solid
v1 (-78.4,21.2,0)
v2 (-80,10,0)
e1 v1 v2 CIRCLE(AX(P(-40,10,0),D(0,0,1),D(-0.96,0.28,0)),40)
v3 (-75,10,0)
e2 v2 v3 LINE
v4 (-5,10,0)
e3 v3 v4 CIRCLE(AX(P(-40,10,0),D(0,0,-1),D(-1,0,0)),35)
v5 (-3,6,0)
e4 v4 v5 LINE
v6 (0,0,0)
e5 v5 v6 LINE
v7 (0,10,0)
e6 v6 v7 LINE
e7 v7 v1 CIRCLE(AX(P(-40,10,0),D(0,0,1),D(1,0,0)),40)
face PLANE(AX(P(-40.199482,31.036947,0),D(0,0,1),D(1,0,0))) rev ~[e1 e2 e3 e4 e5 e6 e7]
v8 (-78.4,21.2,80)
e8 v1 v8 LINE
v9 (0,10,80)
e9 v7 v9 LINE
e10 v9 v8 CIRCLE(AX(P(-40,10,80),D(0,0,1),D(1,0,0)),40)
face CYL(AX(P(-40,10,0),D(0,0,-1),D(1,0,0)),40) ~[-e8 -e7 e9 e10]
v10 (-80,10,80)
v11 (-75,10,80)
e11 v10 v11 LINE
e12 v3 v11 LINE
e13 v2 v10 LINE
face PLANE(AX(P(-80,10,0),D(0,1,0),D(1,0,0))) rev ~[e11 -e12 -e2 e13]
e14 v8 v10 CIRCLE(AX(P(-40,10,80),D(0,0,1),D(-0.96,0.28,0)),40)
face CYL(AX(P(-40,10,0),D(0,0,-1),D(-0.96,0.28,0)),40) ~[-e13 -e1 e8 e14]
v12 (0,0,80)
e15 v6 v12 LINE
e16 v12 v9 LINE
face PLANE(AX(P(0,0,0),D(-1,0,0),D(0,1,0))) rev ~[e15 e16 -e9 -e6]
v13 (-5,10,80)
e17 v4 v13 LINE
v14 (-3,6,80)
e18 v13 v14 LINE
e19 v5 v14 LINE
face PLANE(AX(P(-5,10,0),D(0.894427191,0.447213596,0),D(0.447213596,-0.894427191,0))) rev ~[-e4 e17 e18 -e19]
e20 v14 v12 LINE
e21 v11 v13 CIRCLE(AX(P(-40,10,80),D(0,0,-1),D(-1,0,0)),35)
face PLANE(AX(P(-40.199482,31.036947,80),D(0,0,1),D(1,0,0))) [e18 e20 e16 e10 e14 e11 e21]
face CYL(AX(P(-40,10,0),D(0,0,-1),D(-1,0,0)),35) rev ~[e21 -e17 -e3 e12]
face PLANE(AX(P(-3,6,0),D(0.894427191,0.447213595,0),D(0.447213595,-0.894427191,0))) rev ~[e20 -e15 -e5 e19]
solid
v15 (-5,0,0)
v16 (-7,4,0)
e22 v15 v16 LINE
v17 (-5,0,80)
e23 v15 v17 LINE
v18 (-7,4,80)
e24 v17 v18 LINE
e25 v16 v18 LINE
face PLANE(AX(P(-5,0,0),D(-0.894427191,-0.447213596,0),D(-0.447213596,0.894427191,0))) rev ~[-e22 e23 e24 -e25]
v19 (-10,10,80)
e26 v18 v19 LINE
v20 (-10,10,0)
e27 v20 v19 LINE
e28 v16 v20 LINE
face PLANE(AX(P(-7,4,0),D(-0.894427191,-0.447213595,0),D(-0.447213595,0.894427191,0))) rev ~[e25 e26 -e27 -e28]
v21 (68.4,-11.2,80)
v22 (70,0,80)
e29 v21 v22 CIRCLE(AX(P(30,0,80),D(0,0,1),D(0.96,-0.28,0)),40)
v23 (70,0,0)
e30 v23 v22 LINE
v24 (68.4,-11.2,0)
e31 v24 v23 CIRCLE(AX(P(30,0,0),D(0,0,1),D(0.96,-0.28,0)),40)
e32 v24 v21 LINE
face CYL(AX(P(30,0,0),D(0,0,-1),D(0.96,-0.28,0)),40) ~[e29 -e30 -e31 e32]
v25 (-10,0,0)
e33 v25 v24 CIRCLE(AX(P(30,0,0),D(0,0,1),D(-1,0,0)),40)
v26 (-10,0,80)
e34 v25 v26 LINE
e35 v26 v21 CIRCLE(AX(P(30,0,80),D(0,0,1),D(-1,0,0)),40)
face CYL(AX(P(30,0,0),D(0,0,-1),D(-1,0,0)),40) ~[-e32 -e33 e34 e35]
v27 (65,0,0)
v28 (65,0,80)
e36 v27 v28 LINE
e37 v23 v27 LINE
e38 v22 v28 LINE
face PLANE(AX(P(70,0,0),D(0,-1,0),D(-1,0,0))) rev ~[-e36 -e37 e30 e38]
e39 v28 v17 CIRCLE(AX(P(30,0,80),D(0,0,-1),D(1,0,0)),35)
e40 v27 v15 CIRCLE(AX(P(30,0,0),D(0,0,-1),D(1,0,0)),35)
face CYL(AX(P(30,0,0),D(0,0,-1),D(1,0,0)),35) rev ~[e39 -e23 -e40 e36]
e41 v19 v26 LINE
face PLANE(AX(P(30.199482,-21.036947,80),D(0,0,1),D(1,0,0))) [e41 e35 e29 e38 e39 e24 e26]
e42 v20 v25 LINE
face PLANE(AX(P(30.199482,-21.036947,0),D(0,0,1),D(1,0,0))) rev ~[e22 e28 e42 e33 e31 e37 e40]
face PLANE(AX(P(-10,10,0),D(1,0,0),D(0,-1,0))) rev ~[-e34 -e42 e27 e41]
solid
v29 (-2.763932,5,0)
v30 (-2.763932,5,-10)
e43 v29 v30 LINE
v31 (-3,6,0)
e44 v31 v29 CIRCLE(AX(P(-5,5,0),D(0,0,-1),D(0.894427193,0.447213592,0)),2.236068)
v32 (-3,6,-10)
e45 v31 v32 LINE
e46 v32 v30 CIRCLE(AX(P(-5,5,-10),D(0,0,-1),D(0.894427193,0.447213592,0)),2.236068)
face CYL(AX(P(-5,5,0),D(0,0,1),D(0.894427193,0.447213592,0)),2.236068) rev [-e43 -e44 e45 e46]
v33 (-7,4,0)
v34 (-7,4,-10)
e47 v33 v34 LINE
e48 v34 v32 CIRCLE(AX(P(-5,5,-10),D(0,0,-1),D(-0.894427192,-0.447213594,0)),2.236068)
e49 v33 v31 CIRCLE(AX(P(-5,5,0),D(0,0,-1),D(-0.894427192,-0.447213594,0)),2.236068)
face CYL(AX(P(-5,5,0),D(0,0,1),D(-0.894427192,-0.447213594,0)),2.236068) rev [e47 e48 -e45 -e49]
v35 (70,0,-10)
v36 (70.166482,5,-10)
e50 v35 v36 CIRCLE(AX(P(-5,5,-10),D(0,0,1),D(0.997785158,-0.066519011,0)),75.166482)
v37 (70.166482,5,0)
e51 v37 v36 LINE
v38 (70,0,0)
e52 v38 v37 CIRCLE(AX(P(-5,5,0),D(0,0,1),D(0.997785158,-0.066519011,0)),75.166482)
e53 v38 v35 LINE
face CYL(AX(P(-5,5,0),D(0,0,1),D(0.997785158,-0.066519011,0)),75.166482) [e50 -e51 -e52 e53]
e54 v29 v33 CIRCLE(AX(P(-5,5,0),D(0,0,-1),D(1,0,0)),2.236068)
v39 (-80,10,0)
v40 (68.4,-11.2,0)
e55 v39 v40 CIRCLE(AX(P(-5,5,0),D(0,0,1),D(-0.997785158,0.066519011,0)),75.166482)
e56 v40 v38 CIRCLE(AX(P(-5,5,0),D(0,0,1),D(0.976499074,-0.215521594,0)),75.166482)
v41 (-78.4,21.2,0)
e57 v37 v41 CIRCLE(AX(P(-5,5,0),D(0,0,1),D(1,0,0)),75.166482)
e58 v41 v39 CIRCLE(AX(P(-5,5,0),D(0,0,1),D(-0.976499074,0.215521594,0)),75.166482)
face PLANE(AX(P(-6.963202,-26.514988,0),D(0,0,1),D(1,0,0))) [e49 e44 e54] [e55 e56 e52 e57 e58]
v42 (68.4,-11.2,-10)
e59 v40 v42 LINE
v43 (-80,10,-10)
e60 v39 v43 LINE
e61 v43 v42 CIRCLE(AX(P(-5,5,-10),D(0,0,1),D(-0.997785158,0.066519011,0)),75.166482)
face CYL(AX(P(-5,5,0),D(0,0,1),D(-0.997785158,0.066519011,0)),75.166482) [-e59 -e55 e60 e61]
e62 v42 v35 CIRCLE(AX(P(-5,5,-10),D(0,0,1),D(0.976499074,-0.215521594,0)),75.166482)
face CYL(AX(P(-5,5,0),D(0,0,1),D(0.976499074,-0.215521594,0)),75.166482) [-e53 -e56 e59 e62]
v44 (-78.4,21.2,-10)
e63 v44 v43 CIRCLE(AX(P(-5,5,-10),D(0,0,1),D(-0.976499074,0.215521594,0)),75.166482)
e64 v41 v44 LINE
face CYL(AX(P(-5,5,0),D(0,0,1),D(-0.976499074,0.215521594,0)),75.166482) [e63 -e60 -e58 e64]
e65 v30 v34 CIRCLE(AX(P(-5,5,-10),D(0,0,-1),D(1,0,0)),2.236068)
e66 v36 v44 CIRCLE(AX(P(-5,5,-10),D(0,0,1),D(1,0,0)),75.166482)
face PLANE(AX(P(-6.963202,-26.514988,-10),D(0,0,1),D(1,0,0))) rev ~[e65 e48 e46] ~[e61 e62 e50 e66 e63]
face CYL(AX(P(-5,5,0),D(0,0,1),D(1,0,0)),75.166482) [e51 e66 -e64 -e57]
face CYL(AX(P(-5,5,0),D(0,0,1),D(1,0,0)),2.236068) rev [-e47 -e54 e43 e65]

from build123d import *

# Parameters (mm, degrees)
F1_DEPTH = 80
F2_DEPTH = 10


with BuildPart() as f1:
    # F0 (on Top) → F1 (new body)
    with BuildSketch(Plane.XY):
        with BuildLine():
            ThreePointArc((65, 0), (30, -35), (-5, 0))
            Line((-5, 0), (-10, 0))
            ThreePointArc((-10, 0), (24.3431457505, -39.5979797464), (68.4, -11.2))
            ThreePointArc((68.4, -11.2), (69.4110206891, -5.6301458127), (70, 0))
            Line((70, 0), (65, 0))
        make_face()
        with BuildLine():
            ThreePointArc((68.4, -11.2), (69.5979797464, -5.6568542495), (70, 0))
            ThreePointArc((70, 0), (69.4110206891, -5.6301458127), (68.4, -11.2))
        make_face()
        Polygon((-10, 0), (-5, 0), (-7.0000000016, 4.0000000031), (-10, 10), align=None)
    extrude(amount=F1_DEPTH)


with BuildPart() as f1b:
    # F0 (on Top) → F1, piece 2 (new body)
    with BuildSketch(Plane.XY):
        with BuildLine():
            Line((-5, 10), (0, 10))
            ThreePointArc((0, 10), (-34.3431457505, 49.5979797464), (-78.4, 21.2))
            ThreePointArc((-78.4, 21.2), (-79.4110206891, 15.6301458127), (-80, 10))
            Line((-80, 10), (-75, 10))
            ThreePointArc((-75, 10), (-40, 45), (-5, 10))
        make_face()
        with BuildLine():
            ThreePointArc((-80, 10), (-79.4110206891, 15.6301458127), (-78.4, 21.2))
            ThreePointArc((-78.4, 21.2), (-79.5979797464, 15.6568542495), (-80, 10))
        make_face()
        Polygon((-2.9999999957, 5.9999999915), (0, 0), (0, 10), (-5, 10), align=None)
    extrude(amount=F1_DEPTH)


with BuildPart() as f2:
    # F0 (on Top) → F2 (new body)
    with BuildSketch(Plane.XY):
        with BuildLine():
            ThreePointArc((68.4, -11.2), (24.3431457505, -39.5979797464), (-10, 0))
            Line((-10, 0), (-10, 10))
            Line((-10, 10), (-75, 10))
            Line((-75, 10), (-80, 10))
            ThreePointArc((-80, 10), (-15.6301458127, -69.4110206891), (68.4, -11.2))
        make_face()
        with BuildLine():
            Line((0, 10), (0, 0))
            Line((0, 0), (65, 0))
            Line((65, 0), (70, 0))
            ThreePointArc((70, 0), (70.1248498897, 2.4986145729), (70.1664818919, 5))
            ThreePointArc((70.1664818919, 5), (3.1480129215, 79.7235564292), (-78.4, 21.2))
            ThreePointArc((-78.4, 21.2), (-34.3431457505, 49.5979797464), (0, 10))
        make_face()
        with BuildLine():
            Line((-10, 10), (-5, 10))
            ThreePointArc((-5, 10), (-40, 45), (-75, 10))
            Line((-75, 10), (-10, 10))
        make_face()
        with BuildLine():
            Line((65, 0), (0, 0))
            Line((0, 0), (-5, 0))
            ThreePointArc((-5, 0), (30, -35), (65, 0))
        make_face()
        with BuildLine():
            Line((-5, 10), (0, 10))
            ThreePointArc((0, 10), (-34.3431457505, 49.5979797464), (-78.4, 21.2))
            ThreePointArc((-78.4, 21.2), (-79.4110206891, 15.6301458127), (-80, 10))
            Line((-80, 10), (-75, 10))
            ThreePointArc((-75, 10), (-40, 45), (-5, 10))
        make_face()
        with BuildLine():
            ThreePointArc((65, 0), (30, -35), (-5, 0))
            Line((-5, 0), (-10, 0))
            ThreePointArc((-10, 0), (24.3431457505, -39.5979797464), (68.4, -11.2))
            ThreePointArc((68.4, -11.2), (69.4110206891, -5.6301458127), (70, 0))
            Line((70, 0), (65, 0))
        make_face()
        with BuildLine():
            Line((-5, 0), (0, 0))
            Line((0, 0), (-2.9999999957, 5.9999999915))
            ThreePointArc((-2.9999999957, 5.9999999915), (-2.8237490994, 5.5137431437), (-2.7639320225, 5))
            ThreePointArc((-2.7639320225, 5), (-4.4862568533, 2.8237491001), (-7.0000000016, 4.0000000031))
            Line((-7.0000000016, 4.0000000031), (-5, 0))
        make_face()
        with BuildLine():
            ThreePointArc((-7.0000000016, 4.0000000031), (-5.9999999942, 7.0000000029), (-2.9999999957, 5.9999999915))
            Line((-2.9999999957, 5.9999999915), (-5, 10))
            Line((-5, 10), (-10, 10))
            Line((-10, 10), (-7.0000000016, 4.0000000031))
        make_face()
        Polygon((-10, 0), (-5, 0), (-7.0000000016, 4.0000000031), (-10, 10), align=None)
        Polygon((-2.9999999957, 5.9999999915), (0, 0), (0, 10), (-5, 10), align=None)
    extrude(amount=-F2_DEPTH)


solid = Compound([f1.part, f1b.part, f2.part])
